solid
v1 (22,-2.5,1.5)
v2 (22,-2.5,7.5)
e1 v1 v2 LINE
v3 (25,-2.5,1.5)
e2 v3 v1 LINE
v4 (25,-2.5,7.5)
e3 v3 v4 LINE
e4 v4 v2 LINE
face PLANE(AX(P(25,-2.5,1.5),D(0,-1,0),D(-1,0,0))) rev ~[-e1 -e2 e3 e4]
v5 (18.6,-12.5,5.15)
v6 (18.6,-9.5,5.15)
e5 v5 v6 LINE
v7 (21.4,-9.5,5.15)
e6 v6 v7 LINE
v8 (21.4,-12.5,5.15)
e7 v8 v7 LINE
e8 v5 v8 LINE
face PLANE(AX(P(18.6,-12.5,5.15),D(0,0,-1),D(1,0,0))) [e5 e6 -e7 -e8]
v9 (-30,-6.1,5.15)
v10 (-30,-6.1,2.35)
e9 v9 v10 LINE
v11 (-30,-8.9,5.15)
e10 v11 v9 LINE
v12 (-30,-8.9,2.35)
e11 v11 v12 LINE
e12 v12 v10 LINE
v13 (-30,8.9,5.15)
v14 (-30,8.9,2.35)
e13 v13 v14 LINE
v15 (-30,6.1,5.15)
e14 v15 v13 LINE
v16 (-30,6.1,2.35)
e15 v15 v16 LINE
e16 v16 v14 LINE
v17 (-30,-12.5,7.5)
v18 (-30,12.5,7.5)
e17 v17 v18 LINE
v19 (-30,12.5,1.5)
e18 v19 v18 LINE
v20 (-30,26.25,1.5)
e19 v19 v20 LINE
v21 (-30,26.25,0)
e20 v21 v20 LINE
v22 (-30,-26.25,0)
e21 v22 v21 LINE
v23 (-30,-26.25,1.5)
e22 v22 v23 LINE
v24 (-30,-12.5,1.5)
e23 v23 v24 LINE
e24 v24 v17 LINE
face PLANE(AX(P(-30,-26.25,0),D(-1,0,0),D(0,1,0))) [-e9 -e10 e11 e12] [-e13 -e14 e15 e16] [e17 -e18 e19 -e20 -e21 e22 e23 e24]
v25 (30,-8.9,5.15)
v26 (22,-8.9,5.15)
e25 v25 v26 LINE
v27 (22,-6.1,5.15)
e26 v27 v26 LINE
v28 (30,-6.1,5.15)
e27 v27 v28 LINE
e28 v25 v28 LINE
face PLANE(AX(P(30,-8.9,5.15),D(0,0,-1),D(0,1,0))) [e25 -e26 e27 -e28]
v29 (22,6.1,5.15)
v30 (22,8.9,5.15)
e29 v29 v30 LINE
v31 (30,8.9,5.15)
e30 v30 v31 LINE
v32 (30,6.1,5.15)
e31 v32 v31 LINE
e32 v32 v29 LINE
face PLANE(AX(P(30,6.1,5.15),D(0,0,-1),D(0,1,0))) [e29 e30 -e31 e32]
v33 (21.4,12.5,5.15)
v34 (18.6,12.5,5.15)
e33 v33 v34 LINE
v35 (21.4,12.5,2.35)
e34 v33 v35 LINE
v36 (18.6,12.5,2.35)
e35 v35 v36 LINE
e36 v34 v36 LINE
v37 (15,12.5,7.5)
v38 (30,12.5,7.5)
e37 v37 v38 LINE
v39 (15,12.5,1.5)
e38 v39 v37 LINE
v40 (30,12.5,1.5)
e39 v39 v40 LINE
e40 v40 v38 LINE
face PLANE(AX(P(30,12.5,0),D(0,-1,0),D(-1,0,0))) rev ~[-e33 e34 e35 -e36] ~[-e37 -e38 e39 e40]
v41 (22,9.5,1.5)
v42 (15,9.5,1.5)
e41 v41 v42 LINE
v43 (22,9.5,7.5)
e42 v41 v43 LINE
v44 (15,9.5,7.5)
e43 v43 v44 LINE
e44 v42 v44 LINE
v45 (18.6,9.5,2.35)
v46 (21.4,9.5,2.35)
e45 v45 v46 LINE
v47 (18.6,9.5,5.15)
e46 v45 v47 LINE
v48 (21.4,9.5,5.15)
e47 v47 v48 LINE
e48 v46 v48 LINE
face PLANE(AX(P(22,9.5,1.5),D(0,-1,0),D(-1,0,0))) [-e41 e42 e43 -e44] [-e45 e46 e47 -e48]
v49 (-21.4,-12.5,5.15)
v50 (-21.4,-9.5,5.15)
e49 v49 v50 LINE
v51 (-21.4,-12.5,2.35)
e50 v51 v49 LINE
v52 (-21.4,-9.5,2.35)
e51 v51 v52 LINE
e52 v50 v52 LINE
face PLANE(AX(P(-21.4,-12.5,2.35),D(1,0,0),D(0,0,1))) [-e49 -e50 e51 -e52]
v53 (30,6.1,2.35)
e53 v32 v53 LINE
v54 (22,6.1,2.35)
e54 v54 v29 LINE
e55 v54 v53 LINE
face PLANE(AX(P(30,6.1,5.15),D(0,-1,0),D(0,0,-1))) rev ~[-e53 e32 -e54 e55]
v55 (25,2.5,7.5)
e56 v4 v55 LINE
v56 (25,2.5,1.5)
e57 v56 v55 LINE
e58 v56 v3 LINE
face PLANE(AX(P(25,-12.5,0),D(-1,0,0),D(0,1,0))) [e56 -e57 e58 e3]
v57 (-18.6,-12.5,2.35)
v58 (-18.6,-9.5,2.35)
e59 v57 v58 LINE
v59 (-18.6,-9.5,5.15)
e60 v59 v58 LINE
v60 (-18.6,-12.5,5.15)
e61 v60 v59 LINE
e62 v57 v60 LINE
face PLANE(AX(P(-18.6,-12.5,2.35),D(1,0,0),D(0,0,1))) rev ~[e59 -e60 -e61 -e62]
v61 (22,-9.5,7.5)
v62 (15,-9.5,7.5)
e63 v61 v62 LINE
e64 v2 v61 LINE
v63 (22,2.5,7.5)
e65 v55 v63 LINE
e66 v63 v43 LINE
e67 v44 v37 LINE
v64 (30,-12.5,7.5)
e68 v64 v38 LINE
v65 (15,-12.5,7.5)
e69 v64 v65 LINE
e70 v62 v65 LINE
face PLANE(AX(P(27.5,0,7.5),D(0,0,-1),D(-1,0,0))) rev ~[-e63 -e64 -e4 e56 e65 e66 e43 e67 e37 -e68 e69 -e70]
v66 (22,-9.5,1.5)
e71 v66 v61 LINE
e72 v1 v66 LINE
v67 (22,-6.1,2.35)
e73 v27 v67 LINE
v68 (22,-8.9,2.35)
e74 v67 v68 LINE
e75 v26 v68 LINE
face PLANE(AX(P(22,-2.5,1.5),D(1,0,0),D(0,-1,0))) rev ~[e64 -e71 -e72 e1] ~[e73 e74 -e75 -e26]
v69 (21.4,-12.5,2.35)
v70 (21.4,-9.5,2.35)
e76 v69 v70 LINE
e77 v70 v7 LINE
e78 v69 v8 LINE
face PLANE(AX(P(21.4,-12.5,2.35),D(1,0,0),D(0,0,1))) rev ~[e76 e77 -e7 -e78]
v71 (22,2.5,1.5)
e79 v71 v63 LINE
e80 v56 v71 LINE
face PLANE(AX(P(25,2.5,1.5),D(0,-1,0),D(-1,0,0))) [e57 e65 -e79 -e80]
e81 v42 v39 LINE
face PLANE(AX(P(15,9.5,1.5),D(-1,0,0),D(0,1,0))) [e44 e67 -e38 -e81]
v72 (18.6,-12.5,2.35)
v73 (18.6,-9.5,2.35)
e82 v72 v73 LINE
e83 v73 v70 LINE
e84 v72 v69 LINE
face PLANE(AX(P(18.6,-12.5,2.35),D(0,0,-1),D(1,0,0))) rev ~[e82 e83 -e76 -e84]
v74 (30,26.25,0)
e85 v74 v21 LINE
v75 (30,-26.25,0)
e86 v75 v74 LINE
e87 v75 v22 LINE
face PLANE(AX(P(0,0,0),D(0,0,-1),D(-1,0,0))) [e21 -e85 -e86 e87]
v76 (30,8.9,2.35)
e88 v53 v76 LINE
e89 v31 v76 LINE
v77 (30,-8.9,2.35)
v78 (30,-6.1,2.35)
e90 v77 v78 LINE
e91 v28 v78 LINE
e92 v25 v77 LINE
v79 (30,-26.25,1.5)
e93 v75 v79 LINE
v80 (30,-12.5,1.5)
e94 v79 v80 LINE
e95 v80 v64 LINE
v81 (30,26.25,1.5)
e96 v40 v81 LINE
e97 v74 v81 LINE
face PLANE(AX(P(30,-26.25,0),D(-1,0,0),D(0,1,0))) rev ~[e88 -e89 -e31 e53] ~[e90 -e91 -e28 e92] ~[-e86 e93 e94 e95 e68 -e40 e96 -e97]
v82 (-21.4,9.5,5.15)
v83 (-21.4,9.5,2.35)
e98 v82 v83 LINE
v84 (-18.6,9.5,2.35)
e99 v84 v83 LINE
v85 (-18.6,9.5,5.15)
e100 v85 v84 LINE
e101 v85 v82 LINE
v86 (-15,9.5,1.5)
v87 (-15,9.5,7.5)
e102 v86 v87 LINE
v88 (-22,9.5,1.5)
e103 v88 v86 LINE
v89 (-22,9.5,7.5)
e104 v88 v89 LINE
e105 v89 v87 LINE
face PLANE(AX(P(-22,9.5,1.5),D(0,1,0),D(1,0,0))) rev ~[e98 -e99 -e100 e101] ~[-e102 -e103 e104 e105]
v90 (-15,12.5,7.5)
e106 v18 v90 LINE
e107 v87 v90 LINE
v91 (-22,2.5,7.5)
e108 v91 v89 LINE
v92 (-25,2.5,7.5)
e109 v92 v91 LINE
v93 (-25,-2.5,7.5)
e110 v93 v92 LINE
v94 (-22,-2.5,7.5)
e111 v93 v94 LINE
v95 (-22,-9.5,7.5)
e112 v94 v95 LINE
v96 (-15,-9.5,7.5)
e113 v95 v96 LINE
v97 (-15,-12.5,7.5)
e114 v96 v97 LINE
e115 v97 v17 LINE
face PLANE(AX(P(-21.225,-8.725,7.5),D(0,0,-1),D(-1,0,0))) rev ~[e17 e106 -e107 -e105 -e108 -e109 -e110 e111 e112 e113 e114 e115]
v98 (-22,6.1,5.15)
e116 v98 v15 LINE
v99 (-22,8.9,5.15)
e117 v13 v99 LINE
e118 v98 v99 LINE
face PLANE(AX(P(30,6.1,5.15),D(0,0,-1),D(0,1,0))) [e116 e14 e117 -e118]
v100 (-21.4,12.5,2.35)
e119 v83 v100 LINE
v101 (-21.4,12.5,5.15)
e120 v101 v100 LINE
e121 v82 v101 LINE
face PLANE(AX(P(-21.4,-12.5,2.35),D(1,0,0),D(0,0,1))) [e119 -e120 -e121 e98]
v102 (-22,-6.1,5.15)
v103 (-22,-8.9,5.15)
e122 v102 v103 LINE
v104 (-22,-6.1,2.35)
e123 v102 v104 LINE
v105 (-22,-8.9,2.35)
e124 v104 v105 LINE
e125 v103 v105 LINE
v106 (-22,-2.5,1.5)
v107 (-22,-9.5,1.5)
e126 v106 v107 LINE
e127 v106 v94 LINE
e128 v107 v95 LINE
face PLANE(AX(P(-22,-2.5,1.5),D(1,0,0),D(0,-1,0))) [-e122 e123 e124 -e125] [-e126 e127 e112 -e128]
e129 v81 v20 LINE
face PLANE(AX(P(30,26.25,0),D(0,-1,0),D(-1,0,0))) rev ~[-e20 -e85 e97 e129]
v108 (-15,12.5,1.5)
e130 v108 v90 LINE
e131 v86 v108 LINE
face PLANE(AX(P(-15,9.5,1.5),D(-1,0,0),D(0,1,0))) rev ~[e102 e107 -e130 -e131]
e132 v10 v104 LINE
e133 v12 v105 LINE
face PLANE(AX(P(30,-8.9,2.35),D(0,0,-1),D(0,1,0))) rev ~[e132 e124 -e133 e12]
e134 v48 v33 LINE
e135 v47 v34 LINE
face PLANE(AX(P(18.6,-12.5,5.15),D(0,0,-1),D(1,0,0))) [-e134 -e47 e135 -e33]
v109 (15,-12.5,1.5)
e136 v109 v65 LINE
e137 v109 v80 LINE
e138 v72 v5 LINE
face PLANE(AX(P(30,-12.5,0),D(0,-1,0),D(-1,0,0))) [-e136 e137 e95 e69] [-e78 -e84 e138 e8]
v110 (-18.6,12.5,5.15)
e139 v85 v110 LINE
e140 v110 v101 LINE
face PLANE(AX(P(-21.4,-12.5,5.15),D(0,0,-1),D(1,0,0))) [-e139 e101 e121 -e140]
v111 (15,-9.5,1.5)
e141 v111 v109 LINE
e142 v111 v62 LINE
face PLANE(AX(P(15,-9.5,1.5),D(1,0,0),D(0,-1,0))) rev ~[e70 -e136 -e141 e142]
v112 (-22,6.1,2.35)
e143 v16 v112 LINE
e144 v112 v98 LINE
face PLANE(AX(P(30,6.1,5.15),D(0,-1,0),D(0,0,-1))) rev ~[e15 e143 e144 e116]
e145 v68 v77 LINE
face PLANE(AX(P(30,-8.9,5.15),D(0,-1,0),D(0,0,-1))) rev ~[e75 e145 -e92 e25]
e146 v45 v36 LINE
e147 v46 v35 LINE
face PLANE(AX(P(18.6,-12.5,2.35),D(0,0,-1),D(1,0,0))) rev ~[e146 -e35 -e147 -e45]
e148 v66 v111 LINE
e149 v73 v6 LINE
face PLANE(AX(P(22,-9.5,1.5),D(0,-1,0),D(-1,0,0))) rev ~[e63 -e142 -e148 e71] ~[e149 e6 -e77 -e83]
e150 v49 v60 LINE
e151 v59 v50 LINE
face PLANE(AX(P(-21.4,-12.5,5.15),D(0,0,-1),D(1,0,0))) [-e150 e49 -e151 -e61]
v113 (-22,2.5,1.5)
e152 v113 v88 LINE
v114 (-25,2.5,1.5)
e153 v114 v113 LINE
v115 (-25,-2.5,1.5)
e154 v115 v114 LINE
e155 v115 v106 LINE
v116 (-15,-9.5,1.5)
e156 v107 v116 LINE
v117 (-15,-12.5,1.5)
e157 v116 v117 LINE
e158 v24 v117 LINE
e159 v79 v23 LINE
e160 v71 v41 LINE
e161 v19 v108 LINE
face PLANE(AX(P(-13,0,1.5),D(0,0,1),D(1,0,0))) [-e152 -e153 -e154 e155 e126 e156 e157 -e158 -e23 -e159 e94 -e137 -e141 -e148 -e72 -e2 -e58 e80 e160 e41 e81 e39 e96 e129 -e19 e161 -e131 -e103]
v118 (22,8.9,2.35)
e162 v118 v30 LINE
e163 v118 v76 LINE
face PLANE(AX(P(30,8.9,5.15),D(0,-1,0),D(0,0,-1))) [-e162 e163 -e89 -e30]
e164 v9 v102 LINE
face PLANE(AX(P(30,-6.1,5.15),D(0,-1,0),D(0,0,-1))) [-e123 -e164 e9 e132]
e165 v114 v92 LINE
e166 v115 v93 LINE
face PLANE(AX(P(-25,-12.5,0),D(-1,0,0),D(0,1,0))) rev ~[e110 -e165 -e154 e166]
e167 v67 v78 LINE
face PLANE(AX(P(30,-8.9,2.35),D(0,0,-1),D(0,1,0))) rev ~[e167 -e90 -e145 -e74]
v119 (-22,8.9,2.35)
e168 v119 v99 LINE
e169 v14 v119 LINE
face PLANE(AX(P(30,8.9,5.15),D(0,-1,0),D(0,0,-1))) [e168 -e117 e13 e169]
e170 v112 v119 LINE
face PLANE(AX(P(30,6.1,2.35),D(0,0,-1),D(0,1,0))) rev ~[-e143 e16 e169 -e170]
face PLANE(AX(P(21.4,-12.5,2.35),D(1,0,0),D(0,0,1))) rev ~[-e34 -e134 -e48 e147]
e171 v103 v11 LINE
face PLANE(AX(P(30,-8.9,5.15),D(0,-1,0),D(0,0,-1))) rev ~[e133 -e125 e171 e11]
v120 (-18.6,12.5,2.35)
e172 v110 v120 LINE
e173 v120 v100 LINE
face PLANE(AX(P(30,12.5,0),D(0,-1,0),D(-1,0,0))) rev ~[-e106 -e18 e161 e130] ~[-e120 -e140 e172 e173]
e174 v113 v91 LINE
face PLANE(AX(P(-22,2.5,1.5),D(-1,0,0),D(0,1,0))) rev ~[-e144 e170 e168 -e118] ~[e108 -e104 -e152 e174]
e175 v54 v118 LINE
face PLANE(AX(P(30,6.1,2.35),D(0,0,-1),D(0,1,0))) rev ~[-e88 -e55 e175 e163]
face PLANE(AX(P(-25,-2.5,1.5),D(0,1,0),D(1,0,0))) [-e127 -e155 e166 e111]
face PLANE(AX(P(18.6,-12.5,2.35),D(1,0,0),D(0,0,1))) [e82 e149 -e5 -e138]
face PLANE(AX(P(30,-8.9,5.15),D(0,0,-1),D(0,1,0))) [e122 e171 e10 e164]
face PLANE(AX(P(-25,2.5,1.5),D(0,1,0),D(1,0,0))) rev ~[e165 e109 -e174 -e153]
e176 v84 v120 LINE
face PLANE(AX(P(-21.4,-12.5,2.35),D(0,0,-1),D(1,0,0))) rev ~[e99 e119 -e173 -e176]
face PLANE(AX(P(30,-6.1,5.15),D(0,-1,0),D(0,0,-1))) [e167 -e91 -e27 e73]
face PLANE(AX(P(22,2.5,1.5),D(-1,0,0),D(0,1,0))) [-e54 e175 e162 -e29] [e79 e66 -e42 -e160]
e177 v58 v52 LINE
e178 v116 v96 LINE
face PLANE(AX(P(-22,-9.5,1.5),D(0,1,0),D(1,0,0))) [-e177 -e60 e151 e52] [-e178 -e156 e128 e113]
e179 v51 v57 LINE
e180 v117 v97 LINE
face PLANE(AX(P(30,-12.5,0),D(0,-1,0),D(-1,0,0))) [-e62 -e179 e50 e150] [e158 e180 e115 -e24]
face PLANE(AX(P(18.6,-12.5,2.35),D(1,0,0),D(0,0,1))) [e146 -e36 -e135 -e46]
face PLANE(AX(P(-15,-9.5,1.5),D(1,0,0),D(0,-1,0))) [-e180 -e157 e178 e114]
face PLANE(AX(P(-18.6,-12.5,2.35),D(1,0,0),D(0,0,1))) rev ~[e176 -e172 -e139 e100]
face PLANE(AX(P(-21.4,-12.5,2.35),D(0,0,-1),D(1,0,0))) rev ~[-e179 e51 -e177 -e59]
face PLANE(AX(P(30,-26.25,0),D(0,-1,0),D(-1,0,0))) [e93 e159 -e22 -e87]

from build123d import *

# Parameters (mm, degrees)
ESBO_O1_R                = 8.3
RESSALTO_EXTRUS_O1_DEPTH = 1.5
RESSALTO_EXTRUS_O2_DEPTH = 6
ESBO_O3_W                = 2.8
ESBO_O3_H                = 2.8
CORTE_EXTRUS_O1_DEPTH    = 37.142080737
ESBO_O4_W                = 2.8
ESBO_O4_H                = 2.8
CORTE_EXTRUS_O2_DEPTH    = 53.08166664
ESBO_O6_W                = 5
ESBO_O6_H                = 25
RESSALTO_EXTRUS_O5_DEPTH = 7.5
ESBO_O7_W                = 2.8
ESBO_O7_H                = 2.8
CORTE_EXTRUS_O3_DEPTH    = 60
ESBO_O8_W                = 60
ESBO_O8_H                = 52.5
ESBO_O8_R                = 8.3
RESSALTO_EXTRUS_O6_DEPTH = 1.5
ESBO_O9_R                = 8.3
RESSALTO_EXTRUS_O7_DEPTH = 1.5


with BuildPart() as part:
    # Esboço1 → Ressalto-extrusão1 (new body)
    with BuildSketch(Plane.XY):
        Polygon((-25, -12.5), (-25, 12.5), (25, 12.5), (25, -12.5), (15, -12.5), (-15, -12.5), align=None)
        with Locations((-13, 0)):
            Circle(ESBO_O1_R, mode=Mode.SUBTRACT)
        with Locations(Location((13, 0, 0), (0, 0, 180))):
            Circle(ESBO_O1_R, mode=Mode.SUBTRACT)
    extrude(amount=RESSALTO_EXTRUS_O1_DEPTH)

    # Esboço2 → Ressalto-extrusão2 (add)
    with BuildSketch(Plane.XY.offset(1.5)):
        Polygon((-20, -12.5), (-25, -12.5), (-25, -2.5), (-22, -2.5), (-22, -9.5), (-15, -9.5), (-15, -12.5), align=None)
        Polygon((22, -2.5), (22, -9.5), (15, -9.5), (15, -12.5), (20, -12.5), (25, -12.5), (25, -2.5), align=None)
        Polygon((20, 12.5), (25, 12.5), (25, 2.5), (22, 2.5), (22, 9.5), (15, 9.5), (15, 12.5), align=None)
        Polygon((-22, 2.5), (-22, 9.5), (-15, 9.5), (-15, 12.5), (-20, 12.5), (-25, 12.5), (-25, 2.5), align=None)
    extrude(amount=RESSALTO_EXTRUS_O2_DEPTH)

    # Esboço3 → Corte-extrusão1 (cut, through all)
    with BuildSketch(Plane.XZ.offset(12.5)):
        with Locations((-20, 3.75)):
            Rectangle(ESBO_O3_W, ESBO_O3_H)
        with Locations((20, 3.75)):
            Rectangle(ESBO_O3_W, ESBO_O3_H)
    extrude(amount=-CORTE_EXTRUS_O1_DEPTH, mode=Mode.SUBTRACT)

    # Esboço4 → Corte-extrusão2 (cut, through all)
    with BuildSketch(Plane.ZY.offset(25)):
        with Locations((3.75, 7.5)):
            Rectangle(ESBO_O4_W, ESBO_O4_H)
        with Locations((3.75, -7.5)):
            Rectangle(ESBO_O4_W, ESBO_O4_H)
    extrude(amount=-CORTE_EXTRUS_O2_DEPTH, mode=Mode.SUBTRACT)

    # Esboço6 → Ressalto-extrusão5 (add)
    with BuildSketch(Plane(origin=(0, 0, 0), x_dir=(-1, 0, 0), z_dir=(0, 0, -1))):
        with Locations((-27.5, 0)):
            Rectangle(ESBO_O6_W, ESBO_O6_H)
        with Locations((27.5, 0)):
            Rectangle(ESBO_O6_W, ESBO_O6_H)
    extrude(amount=-RESSALTO_EXTRUS_O5_DEPTH)

    # Esboço7 → Corte-extrusão3 (cut)
    with BuildSketch(Plane(origin=(30, 0, 0), x_dir=(0, 0, -1), z_dir=(1, 0, 0))):
        with Locations((-3.75, -7.5)):
            Rectangle(ESBO_O7_W, ESBO_O7_H)
        with Locations((-3.75, 7.5)):
            Rectangle(ESBO_O7_W, ESBO_O7_H)
    extrude(amount=-CORTE_EXTRUS_O3_DEPTH, mode=Mode.SUBTRACT)

    # Esboço8 → Ressalto-extrusão6 (add)
    with BuildSketch(Plane(origin=(0, 0, 0), x_dir=(-1, 0, 0), z_dir=(0, 0, -1))):
        Rectangle(ESBO_O8_W, ESBO_O8_H)
        with Locations(Location((13, 0, 0), (0, 0, 180))):
            Circle(ESBO_O8_R, mode=Mode.SUBTRACT)
        with Locations((-13, 0)):
            Circle(ESBO_O8_R, mode=Mode.SUBTRACT)
    extrude(amount=-RESSALTO_EXTRUS_O6_DEPTH)

    # Esboço9 → Ressalto-extrusão7 (add, through all)
    with BuildSketch(Plane.XY.offset(1.5)):
        with Locations((-13, 0)):
            Circle(ESBO_O9_R)
        with Locations((13, 0)):
            Circle(ESBO_O9_R)
    extrude(amount=-RESSALTO_EXTRUS_O7_DEPTH)


solid = part.part
